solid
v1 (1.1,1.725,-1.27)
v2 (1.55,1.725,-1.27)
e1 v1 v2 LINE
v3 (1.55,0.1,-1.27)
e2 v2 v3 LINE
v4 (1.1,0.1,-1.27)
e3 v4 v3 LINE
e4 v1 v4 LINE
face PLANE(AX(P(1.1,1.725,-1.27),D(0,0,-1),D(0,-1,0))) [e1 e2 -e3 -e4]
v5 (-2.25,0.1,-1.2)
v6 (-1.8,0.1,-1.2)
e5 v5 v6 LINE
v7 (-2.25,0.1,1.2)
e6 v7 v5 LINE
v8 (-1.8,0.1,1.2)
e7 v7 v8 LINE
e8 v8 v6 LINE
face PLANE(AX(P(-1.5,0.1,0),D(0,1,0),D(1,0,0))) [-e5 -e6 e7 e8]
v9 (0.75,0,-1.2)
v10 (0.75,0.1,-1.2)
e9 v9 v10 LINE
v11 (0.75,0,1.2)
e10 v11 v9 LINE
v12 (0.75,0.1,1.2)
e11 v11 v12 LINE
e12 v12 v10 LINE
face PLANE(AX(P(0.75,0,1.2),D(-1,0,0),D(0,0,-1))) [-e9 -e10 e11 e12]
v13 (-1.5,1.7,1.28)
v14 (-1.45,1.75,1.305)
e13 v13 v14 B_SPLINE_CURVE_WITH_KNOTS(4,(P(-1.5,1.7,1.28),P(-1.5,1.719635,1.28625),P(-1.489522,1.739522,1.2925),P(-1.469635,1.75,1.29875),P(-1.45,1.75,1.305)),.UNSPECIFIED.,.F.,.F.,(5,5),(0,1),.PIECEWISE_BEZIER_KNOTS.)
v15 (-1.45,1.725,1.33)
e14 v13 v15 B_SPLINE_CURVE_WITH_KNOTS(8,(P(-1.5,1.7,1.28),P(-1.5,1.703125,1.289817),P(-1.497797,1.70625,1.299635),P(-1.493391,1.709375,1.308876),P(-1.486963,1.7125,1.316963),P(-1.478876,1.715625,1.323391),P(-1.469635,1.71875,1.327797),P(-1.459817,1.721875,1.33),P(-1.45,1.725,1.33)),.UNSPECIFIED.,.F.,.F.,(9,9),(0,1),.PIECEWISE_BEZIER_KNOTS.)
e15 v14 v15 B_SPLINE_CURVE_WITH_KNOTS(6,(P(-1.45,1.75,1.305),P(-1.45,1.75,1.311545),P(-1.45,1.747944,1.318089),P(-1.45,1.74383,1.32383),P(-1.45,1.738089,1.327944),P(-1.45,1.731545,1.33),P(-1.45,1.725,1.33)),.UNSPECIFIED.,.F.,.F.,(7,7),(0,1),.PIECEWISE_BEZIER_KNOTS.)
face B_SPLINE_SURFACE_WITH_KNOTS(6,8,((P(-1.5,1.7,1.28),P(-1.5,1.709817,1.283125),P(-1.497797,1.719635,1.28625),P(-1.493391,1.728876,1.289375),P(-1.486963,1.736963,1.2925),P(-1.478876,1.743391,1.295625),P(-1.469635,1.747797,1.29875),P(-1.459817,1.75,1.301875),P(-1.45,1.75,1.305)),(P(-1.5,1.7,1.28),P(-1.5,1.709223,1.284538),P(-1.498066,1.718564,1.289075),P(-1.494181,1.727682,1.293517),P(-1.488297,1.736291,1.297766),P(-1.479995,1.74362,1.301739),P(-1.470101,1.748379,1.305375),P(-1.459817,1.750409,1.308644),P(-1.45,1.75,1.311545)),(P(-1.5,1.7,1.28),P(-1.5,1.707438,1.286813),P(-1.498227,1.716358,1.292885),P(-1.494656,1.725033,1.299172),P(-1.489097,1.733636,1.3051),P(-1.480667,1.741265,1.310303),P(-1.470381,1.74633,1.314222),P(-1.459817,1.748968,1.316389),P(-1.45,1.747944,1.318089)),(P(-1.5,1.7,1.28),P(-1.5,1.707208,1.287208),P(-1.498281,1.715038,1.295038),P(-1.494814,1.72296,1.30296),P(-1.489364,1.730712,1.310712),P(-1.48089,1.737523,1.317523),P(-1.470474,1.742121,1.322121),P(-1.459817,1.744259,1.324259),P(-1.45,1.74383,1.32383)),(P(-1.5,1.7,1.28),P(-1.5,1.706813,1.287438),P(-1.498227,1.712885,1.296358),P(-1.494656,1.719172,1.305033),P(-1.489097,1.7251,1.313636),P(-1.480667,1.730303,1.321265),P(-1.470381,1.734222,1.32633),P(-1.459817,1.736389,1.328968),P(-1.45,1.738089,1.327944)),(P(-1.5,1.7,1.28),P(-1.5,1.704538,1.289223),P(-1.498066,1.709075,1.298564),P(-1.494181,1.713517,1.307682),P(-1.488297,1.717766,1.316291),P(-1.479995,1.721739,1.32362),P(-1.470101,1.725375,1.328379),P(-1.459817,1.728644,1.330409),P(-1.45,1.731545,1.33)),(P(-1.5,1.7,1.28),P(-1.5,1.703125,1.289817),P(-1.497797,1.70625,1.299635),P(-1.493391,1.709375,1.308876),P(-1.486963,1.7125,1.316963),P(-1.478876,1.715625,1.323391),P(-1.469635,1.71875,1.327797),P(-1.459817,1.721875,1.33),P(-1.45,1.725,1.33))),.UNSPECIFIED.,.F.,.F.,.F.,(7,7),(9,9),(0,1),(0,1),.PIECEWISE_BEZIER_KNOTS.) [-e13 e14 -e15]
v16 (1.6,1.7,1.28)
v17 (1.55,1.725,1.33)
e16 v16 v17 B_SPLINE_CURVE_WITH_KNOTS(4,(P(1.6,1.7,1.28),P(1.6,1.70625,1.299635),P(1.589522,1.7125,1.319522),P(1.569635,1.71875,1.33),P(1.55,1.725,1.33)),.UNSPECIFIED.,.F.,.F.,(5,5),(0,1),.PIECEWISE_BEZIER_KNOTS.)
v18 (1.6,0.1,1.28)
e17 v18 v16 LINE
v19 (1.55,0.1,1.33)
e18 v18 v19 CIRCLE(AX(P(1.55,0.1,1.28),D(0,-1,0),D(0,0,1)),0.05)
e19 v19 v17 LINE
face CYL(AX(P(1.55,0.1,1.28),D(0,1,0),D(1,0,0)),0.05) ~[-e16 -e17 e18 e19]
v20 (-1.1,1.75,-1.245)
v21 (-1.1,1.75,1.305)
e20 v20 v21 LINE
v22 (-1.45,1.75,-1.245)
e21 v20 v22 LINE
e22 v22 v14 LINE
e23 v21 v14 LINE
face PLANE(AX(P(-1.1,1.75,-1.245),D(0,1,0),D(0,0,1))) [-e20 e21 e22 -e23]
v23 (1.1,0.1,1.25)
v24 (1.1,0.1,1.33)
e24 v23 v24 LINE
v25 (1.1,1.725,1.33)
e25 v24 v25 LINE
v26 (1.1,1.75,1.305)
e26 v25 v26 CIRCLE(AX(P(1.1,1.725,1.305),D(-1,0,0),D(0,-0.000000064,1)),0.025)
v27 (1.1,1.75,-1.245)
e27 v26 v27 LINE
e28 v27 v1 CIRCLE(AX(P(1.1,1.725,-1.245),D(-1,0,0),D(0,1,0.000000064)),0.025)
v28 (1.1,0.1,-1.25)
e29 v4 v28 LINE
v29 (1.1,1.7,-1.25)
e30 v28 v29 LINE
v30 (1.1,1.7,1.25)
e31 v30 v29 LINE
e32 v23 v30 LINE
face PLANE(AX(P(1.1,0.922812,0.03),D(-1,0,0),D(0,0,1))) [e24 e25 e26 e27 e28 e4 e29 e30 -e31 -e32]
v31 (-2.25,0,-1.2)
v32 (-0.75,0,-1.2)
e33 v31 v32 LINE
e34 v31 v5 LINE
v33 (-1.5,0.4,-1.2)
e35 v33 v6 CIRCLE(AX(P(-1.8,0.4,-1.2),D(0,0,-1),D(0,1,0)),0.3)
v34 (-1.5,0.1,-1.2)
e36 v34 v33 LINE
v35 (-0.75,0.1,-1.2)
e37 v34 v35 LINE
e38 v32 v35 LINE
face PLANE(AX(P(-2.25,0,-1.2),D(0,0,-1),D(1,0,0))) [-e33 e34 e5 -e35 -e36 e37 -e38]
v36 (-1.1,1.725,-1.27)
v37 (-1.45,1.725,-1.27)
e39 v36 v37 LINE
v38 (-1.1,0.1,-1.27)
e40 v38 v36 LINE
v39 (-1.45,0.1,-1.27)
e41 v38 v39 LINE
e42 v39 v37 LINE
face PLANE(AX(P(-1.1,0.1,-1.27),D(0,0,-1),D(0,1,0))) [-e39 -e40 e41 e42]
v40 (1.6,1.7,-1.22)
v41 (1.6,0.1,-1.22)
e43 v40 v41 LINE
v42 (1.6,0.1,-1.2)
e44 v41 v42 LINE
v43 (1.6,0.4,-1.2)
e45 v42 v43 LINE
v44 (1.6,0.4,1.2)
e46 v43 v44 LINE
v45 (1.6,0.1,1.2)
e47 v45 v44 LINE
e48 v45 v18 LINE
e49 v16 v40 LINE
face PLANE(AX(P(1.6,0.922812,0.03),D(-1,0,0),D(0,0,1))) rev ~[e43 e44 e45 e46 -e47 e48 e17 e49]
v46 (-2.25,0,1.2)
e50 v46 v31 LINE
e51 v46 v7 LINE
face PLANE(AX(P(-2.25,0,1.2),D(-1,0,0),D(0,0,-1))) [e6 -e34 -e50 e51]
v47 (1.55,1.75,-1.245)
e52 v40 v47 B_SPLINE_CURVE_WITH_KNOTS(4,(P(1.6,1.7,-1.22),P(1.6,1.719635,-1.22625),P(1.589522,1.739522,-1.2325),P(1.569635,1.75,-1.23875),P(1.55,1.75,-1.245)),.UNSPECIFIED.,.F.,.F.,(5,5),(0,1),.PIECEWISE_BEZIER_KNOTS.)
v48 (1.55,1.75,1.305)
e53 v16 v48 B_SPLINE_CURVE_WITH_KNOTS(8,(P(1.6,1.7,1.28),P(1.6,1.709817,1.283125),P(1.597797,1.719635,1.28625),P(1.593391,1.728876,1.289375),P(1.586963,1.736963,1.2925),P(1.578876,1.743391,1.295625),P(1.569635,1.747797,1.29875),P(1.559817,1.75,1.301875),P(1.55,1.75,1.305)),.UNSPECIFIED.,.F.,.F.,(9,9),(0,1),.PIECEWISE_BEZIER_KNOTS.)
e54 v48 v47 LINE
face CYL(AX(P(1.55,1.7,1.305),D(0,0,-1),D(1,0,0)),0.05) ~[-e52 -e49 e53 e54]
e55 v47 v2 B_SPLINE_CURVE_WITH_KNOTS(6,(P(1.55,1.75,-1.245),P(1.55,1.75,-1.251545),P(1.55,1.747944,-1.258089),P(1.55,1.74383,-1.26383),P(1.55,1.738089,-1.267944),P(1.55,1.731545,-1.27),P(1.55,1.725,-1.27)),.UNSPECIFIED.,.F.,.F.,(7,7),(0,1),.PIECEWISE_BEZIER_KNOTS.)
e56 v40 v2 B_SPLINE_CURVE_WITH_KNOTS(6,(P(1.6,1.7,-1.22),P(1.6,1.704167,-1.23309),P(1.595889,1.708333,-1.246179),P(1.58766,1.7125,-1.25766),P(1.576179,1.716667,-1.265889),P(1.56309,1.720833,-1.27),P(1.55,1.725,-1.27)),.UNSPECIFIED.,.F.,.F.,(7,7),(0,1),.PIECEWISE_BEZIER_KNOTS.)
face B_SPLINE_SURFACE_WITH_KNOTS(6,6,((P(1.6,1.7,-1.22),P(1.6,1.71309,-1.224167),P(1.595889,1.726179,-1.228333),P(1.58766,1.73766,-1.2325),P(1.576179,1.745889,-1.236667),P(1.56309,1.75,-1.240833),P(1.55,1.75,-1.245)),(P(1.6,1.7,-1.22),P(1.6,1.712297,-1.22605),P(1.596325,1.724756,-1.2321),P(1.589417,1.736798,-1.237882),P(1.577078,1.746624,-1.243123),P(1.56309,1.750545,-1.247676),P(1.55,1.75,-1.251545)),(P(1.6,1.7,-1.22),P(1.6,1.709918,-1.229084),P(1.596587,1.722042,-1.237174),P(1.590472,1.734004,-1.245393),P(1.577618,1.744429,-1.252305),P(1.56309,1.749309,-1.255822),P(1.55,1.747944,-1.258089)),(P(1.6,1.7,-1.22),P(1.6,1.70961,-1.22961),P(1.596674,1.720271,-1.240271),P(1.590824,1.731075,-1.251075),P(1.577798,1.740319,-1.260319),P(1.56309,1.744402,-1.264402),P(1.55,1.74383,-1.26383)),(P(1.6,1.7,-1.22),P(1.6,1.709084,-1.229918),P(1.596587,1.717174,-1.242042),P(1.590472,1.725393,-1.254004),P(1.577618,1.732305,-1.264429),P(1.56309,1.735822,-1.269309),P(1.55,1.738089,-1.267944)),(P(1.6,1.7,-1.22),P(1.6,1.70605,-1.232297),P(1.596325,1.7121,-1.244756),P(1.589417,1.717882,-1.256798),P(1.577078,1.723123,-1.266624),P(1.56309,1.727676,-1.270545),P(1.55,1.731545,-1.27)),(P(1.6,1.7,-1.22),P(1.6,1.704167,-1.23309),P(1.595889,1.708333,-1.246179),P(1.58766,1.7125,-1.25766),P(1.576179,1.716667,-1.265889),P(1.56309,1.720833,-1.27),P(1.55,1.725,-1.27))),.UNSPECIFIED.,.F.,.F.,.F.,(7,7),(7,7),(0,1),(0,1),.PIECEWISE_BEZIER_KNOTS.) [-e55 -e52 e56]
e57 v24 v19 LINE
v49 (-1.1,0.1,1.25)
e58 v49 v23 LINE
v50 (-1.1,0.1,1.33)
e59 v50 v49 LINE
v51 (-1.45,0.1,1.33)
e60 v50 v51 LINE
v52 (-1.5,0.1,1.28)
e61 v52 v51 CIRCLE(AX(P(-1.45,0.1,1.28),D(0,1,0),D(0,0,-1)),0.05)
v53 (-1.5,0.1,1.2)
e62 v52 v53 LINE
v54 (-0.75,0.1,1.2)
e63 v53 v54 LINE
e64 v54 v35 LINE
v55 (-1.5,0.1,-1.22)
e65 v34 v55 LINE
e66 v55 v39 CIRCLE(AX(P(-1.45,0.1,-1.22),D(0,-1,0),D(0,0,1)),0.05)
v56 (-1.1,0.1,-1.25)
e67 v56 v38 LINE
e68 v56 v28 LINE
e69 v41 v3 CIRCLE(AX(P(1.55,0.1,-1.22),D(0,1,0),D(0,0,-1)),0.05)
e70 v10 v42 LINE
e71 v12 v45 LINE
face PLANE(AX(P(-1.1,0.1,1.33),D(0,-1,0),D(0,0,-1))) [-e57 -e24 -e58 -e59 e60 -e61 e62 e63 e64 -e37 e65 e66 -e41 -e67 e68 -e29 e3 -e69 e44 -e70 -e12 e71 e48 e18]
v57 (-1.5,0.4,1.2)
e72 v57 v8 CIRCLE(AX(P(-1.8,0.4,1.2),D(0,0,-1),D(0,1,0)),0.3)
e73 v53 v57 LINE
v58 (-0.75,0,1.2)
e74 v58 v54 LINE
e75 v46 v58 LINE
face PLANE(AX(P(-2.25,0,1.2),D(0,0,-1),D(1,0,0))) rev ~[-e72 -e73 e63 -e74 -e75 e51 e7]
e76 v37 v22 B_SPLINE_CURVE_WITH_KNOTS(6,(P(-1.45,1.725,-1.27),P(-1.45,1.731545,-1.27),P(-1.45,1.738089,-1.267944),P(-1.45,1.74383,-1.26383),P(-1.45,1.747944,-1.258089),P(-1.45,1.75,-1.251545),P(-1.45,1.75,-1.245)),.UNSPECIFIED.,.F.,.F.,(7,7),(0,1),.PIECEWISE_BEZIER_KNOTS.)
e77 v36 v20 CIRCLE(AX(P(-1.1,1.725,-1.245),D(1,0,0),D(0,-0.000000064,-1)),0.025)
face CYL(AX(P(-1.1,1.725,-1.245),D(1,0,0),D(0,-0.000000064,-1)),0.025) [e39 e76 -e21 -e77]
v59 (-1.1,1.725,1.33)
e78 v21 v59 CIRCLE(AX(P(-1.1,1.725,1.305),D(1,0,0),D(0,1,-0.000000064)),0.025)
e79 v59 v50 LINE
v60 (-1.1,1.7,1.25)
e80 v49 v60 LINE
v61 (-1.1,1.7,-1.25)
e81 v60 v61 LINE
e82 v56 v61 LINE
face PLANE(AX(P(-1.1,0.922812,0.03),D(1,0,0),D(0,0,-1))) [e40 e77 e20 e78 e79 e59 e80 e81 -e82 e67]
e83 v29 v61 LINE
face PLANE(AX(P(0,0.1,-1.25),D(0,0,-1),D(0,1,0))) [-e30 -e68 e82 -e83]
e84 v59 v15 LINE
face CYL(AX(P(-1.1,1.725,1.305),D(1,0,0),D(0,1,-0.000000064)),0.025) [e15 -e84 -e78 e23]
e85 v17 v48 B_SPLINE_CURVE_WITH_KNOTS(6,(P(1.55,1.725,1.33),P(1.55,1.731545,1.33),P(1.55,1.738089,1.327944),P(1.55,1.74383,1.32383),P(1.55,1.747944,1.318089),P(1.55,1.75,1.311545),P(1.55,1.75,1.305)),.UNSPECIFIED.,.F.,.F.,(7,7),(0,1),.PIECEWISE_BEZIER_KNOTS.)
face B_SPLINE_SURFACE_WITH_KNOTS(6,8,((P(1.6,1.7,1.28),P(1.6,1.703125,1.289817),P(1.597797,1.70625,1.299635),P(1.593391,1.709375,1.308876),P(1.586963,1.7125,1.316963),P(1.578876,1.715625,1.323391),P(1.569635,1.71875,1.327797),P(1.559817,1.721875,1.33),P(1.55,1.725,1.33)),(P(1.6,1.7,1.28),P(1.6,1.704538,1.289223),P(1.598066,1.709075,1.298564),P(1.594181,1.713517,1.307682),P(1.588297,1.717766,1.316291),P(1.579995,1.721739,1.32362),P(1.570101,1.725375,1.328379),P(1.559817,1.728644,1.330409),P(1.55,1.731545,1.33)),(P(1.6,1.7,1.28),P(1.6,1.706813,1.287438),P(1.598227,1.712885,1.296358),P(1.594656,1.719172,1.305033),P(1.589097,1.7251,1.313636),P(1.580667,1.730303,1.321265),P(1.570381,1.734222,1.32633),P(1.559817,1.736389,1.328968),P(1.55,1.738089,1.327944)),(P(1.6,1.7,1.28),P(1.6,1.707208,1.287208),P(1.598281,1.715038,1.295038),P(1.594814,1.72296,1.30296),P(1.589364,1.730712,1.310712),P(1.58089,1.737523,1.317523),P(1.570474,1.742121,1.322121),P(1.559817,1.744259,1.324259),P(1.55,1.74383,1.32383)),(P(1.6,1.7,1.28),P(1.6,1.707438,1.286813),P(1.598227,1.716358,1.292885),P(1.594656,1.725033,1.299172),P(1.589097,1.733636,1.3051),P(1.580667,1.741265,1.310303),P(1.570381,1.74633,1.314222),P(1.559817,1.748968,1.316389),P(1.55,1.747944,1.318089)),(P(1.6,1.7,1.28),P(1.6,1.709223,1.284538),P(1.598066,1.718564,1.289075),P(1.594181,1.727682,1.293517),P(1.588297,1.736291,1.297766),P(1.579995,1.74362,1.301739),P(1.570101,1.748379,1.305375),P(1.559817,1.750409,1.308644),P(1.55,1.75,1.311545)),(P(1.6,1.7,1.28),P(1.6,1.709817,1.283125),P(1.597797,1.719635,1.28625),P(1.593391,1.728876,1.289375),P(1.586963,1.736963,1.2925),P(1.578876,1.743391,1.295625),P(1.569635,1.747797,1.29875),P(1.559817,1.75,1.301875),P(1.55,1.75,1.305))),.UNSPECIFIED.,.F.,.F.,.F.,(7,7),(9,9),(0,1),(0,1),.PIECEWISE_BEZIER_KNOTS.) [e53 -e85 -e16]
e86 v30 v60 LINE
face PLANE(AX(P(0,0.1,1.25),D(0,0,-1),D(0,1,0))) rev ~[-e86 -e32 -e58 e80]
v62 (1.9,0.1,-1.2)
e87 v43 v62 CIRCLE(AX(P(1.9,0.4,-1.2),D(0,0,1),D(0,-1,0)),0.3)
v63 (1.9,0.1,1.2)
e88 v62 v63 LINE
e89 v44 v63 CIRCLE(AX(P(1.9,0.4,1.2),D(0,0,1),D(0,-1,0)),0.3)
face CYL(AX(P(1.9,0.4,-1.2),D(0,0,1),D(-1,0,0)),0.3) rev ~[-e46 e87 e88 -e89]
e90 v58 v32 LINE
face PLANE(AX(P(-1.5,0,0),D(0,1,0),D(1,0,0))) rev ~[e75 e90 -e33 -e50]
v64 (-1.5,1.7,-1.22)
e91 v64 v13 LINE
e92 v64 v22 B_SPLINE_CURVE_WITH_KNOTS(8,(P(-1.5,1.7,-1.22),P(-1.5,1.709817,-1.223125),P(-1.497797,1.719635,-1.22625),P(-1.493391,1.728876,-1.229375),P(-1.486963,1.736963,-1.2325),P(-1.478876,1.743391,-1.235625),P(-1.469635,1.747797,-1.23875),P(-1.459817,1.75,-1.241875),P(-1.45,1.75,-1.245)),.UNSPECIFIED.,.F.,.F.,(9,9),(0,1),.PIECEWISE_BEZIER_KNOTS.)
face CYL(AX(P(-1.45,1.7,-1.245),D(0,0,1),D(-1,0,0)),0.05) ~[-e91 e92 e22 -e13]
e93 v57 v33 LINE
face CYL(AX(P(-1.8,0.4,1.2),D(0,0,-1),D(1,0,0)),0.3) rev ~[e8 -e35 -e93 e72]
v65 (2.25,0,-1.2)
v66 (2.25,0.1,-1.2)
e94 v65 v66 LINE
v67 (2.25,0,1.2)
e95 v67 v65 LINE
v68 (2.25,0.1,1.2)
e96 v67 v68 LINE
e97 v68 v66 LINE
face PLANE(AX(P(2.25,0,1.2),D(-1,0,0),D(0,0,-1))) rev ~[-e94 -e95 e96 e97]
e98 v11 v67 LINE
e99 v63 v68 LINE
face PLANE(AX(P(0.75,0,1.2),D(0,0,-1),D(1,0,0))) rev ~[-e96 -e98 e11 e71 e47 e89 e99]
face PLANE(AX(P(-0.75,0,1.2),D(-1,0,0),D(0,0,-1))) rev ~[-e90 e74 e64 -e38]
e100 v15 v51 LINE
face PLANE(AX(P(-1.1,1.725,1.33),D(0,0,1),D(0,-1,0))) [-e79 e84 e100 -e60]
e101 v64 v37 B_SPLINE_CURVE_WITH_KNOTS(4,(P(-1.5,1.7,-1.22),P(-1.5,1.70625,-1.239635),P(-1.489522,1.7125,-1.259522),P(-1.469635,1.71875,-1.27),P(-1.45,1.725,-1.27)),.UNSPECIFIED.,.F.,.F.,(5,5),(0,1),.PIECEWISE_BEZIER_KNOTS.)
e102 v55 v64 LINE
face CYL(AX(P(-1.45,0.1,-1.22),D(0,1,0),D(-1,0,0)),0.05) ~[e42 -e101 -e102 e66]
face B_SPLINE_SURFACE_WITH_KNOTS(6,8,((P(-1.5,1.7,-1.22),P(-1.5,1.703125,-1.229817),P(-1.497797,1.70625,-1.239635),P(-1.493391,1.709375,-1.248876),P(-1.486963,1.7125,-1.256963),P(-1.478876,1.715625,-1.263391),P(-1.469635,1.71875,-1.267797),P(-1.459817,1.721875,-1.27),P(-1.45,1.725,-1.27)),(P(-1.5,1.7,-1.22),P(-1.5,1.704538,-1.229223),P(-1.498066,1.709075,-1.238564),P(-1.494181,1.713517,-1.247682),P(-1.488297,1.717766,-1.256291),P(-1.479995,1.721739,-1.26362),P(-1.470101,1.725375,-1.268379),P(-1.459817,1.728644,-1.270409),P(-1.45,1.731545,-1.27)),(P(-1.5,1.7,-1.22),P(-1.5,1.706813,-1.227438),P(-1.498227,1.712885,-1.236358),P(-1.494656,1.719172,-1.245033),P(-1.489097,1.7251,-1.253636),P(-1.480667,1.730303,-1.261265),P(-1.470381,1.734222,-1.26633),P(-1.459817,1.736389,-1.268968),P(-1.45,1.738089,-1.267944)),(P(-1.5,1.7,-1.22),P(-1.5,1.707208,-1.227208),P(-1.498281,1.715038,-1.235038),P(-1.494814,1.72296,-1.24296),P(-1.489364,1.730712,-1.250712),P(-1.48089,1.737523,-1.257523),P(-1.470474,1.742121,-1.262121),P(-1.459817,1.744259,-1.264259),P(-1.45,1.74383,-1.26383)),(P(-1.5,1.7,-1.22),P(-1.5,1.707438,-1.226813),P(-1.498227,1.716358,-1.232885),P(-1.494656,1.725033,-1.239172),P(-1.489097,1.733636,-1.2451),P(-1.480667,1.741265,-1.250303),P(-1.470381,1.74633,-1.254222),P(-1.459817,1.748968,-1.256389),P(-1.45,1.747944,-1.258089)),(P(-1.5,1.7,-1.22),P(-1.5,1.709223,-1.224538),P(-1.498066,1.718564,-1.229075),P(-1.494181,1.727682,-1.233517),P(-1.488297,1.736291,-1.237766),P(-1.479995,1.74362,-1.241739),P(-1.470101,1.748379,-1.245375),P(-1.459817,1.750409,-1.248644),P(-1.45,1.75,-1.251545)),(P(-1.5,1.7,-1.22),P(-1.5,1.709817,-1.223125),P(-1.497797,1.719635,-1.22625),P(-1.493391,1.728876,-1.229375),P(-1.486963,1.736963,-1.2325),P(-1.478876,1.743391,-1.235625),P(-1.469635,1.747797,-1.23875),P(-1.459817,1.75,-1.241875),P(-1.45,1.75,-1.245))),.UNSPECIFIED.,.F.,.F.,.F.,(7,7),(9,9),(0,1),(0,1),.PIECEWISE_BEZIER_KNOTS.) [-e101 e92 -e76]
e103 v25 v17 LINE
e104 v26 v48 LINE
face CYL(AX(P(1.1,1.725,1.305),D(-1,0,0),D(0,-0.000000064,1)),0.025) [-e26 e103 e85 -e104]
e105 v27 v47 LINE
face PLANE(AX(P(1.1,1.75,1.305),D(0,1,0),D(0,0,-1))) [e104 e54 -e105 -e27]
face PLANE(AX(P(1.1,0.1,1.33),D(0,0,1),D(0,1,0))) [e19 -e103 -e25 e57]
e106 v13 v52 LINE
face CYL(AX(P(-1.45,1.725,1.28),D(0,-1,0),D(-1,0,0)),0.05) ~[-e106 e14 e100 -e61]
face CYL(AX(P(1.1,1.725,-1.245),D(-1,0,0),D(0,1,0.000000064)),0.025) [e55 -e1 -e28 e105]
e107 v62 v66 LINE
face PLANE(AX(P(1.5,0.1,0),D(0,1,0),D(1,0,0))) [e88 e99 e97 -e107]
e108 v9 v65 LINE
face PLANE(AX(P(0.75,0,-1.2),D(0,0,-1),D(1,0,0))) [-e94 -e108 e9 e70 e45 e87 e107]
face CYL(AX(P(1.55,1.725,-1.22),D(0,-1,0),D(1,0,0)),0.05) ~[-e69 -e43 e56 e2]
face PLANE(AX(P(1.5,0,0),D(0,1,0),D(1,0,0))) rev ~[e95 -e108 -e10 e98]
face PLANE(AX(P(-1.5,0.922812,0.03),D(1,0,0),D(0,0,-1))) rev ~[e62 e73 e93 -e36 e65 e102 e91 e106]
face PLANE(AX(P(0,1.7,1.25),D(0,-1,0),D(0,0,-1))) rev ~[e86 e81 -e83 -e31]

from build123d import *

# Parameters (mm, degrees)
SKETCH1_W           = 2.5
SKETCH1_H           = 1.6
BOSS_EXTRUDE1_DEPTH = 1.1
BOSS_EXTRUDE2_DEPTH = 0.5
BOSS_EXTRUDE3_DEPTH = 0.4
SKETCH6_W           = 1.5
SKETCH6_H           = 2.4
BOSS_EXTRUDE4_DEPTH = 0.1
FILLET3_R           = 0.05
FILLET4_R           = 0.3


with BuildPart() as part:
    # Sketch1 → Boss-Extrude1 (new, symmetric)
    with BuildSketch(Plane(origin=(0, 0, 0), x_dir=(0, 0, -1), z_dir=(1, 0, 0))):
        with Locations((0, 0.9)):
            Rectangle(SKETCH1_W, SKETCH1_H)
    extrude(amount=BOSS_EXTRUDE1_DEPTH, both=True)

    # Sketch3 → Boss-Extrude2 (add)
    with BuildSketch(Plane(origin=(1.1, 0, 0), x_dir=(0, 0, -1), z_dir=(1, 0, 0))):
        with BuildLine():
            Line((-1.305, 1.75), (1.245, 1.75))
            ThreePointArc((1.245, 1.75), (1.26267767, 1.74267767), (1.27, 1.725))
            Line((1.27, 1.725), (1.27, 0.1))
            Line((1.27, 0.1), (-1.33, 0.1))
            Line((-1.33, 0.1), (-1.33, 1.725))
            ThreePointArc((-1.33, 1.725), (-1.32267767, 1.74267767), (-1.305, 1.75))
        make_face()
    extrude(amount=BOSS_EXTRUDE2_DEPTH)

    # Sketch5 → Boss-Extrude3 (add)
    with BuildSketch(Plane.ZY.offset(1.1)):
        with BuildLine():
            Line((-1.245, 1.75), (1.305, 1.75))
            ThreePointArc((1.305, 1.75), (1.32267767, 1.74267767), (1.33, 1.725))
            Line((1.33, 1.725), (1.33, 0.1))
            Line((1.33, 0.1), (-1.27, 0.1))
            Line((-1.27, 0.1), (-1.27, 1.725))
            ThreePointArc((-1.27, 1.725), (-1.26267767, 1.74267767), (-1.245, 1.75))
        make_face()
    extrude(amount=BOSS_EXTRUDE3_DEPTH)

    # Sketch6 → Boss-Extrude4 (add)
    with BuildSketch(Plane(origin=(0, 0, 0), x_dir=(1, 0, 0), z_dir=(0, 1, 0))):
        with Locations((-1.5, 0)):
            Rectangle(SKETCH6_W, SKETCH6_H)
        with Locations((1.5, 0)):
            Rectangle(SKETCH6_W, SKETCH6_H)
    extrude(amount=BOSS_EXTRUDE4_DEPTH)

    # Fillet3
    fillet3_edges = [part.edges().sort_by_distance(p)[0] for p in [
        (1.6, 0.9125, -1.27),
        (1.6, 1.74267767, -1.26267767),
        (1.6, 1.75, 0.03),
        (1.6, 1.74267767, 1.32267767),
        (1.6, 0.9125, 1.33),
        (-1.5, 0.9125, 1.33),
        (-1.5, 1.74267767, 1.32267767),
        (-1.5, 1.75, 0.03),
        (-1.5, 1.74267767, -1.26267767),
        (-1.5, 0.9125, -1.27),
    ]]
    fillet(fillet3_edges, radius=FILLET3_R)

    # Fillet4
    fillet4_edges = [part.edges().sort_by_distance(p)[0] for p in [
        (-1.5, 0.1, 0),
        (1.6, 0.1, 0),
    ]]
    fillet(fillet4_edges, radius=FILLET4_R)


solid = part.part
